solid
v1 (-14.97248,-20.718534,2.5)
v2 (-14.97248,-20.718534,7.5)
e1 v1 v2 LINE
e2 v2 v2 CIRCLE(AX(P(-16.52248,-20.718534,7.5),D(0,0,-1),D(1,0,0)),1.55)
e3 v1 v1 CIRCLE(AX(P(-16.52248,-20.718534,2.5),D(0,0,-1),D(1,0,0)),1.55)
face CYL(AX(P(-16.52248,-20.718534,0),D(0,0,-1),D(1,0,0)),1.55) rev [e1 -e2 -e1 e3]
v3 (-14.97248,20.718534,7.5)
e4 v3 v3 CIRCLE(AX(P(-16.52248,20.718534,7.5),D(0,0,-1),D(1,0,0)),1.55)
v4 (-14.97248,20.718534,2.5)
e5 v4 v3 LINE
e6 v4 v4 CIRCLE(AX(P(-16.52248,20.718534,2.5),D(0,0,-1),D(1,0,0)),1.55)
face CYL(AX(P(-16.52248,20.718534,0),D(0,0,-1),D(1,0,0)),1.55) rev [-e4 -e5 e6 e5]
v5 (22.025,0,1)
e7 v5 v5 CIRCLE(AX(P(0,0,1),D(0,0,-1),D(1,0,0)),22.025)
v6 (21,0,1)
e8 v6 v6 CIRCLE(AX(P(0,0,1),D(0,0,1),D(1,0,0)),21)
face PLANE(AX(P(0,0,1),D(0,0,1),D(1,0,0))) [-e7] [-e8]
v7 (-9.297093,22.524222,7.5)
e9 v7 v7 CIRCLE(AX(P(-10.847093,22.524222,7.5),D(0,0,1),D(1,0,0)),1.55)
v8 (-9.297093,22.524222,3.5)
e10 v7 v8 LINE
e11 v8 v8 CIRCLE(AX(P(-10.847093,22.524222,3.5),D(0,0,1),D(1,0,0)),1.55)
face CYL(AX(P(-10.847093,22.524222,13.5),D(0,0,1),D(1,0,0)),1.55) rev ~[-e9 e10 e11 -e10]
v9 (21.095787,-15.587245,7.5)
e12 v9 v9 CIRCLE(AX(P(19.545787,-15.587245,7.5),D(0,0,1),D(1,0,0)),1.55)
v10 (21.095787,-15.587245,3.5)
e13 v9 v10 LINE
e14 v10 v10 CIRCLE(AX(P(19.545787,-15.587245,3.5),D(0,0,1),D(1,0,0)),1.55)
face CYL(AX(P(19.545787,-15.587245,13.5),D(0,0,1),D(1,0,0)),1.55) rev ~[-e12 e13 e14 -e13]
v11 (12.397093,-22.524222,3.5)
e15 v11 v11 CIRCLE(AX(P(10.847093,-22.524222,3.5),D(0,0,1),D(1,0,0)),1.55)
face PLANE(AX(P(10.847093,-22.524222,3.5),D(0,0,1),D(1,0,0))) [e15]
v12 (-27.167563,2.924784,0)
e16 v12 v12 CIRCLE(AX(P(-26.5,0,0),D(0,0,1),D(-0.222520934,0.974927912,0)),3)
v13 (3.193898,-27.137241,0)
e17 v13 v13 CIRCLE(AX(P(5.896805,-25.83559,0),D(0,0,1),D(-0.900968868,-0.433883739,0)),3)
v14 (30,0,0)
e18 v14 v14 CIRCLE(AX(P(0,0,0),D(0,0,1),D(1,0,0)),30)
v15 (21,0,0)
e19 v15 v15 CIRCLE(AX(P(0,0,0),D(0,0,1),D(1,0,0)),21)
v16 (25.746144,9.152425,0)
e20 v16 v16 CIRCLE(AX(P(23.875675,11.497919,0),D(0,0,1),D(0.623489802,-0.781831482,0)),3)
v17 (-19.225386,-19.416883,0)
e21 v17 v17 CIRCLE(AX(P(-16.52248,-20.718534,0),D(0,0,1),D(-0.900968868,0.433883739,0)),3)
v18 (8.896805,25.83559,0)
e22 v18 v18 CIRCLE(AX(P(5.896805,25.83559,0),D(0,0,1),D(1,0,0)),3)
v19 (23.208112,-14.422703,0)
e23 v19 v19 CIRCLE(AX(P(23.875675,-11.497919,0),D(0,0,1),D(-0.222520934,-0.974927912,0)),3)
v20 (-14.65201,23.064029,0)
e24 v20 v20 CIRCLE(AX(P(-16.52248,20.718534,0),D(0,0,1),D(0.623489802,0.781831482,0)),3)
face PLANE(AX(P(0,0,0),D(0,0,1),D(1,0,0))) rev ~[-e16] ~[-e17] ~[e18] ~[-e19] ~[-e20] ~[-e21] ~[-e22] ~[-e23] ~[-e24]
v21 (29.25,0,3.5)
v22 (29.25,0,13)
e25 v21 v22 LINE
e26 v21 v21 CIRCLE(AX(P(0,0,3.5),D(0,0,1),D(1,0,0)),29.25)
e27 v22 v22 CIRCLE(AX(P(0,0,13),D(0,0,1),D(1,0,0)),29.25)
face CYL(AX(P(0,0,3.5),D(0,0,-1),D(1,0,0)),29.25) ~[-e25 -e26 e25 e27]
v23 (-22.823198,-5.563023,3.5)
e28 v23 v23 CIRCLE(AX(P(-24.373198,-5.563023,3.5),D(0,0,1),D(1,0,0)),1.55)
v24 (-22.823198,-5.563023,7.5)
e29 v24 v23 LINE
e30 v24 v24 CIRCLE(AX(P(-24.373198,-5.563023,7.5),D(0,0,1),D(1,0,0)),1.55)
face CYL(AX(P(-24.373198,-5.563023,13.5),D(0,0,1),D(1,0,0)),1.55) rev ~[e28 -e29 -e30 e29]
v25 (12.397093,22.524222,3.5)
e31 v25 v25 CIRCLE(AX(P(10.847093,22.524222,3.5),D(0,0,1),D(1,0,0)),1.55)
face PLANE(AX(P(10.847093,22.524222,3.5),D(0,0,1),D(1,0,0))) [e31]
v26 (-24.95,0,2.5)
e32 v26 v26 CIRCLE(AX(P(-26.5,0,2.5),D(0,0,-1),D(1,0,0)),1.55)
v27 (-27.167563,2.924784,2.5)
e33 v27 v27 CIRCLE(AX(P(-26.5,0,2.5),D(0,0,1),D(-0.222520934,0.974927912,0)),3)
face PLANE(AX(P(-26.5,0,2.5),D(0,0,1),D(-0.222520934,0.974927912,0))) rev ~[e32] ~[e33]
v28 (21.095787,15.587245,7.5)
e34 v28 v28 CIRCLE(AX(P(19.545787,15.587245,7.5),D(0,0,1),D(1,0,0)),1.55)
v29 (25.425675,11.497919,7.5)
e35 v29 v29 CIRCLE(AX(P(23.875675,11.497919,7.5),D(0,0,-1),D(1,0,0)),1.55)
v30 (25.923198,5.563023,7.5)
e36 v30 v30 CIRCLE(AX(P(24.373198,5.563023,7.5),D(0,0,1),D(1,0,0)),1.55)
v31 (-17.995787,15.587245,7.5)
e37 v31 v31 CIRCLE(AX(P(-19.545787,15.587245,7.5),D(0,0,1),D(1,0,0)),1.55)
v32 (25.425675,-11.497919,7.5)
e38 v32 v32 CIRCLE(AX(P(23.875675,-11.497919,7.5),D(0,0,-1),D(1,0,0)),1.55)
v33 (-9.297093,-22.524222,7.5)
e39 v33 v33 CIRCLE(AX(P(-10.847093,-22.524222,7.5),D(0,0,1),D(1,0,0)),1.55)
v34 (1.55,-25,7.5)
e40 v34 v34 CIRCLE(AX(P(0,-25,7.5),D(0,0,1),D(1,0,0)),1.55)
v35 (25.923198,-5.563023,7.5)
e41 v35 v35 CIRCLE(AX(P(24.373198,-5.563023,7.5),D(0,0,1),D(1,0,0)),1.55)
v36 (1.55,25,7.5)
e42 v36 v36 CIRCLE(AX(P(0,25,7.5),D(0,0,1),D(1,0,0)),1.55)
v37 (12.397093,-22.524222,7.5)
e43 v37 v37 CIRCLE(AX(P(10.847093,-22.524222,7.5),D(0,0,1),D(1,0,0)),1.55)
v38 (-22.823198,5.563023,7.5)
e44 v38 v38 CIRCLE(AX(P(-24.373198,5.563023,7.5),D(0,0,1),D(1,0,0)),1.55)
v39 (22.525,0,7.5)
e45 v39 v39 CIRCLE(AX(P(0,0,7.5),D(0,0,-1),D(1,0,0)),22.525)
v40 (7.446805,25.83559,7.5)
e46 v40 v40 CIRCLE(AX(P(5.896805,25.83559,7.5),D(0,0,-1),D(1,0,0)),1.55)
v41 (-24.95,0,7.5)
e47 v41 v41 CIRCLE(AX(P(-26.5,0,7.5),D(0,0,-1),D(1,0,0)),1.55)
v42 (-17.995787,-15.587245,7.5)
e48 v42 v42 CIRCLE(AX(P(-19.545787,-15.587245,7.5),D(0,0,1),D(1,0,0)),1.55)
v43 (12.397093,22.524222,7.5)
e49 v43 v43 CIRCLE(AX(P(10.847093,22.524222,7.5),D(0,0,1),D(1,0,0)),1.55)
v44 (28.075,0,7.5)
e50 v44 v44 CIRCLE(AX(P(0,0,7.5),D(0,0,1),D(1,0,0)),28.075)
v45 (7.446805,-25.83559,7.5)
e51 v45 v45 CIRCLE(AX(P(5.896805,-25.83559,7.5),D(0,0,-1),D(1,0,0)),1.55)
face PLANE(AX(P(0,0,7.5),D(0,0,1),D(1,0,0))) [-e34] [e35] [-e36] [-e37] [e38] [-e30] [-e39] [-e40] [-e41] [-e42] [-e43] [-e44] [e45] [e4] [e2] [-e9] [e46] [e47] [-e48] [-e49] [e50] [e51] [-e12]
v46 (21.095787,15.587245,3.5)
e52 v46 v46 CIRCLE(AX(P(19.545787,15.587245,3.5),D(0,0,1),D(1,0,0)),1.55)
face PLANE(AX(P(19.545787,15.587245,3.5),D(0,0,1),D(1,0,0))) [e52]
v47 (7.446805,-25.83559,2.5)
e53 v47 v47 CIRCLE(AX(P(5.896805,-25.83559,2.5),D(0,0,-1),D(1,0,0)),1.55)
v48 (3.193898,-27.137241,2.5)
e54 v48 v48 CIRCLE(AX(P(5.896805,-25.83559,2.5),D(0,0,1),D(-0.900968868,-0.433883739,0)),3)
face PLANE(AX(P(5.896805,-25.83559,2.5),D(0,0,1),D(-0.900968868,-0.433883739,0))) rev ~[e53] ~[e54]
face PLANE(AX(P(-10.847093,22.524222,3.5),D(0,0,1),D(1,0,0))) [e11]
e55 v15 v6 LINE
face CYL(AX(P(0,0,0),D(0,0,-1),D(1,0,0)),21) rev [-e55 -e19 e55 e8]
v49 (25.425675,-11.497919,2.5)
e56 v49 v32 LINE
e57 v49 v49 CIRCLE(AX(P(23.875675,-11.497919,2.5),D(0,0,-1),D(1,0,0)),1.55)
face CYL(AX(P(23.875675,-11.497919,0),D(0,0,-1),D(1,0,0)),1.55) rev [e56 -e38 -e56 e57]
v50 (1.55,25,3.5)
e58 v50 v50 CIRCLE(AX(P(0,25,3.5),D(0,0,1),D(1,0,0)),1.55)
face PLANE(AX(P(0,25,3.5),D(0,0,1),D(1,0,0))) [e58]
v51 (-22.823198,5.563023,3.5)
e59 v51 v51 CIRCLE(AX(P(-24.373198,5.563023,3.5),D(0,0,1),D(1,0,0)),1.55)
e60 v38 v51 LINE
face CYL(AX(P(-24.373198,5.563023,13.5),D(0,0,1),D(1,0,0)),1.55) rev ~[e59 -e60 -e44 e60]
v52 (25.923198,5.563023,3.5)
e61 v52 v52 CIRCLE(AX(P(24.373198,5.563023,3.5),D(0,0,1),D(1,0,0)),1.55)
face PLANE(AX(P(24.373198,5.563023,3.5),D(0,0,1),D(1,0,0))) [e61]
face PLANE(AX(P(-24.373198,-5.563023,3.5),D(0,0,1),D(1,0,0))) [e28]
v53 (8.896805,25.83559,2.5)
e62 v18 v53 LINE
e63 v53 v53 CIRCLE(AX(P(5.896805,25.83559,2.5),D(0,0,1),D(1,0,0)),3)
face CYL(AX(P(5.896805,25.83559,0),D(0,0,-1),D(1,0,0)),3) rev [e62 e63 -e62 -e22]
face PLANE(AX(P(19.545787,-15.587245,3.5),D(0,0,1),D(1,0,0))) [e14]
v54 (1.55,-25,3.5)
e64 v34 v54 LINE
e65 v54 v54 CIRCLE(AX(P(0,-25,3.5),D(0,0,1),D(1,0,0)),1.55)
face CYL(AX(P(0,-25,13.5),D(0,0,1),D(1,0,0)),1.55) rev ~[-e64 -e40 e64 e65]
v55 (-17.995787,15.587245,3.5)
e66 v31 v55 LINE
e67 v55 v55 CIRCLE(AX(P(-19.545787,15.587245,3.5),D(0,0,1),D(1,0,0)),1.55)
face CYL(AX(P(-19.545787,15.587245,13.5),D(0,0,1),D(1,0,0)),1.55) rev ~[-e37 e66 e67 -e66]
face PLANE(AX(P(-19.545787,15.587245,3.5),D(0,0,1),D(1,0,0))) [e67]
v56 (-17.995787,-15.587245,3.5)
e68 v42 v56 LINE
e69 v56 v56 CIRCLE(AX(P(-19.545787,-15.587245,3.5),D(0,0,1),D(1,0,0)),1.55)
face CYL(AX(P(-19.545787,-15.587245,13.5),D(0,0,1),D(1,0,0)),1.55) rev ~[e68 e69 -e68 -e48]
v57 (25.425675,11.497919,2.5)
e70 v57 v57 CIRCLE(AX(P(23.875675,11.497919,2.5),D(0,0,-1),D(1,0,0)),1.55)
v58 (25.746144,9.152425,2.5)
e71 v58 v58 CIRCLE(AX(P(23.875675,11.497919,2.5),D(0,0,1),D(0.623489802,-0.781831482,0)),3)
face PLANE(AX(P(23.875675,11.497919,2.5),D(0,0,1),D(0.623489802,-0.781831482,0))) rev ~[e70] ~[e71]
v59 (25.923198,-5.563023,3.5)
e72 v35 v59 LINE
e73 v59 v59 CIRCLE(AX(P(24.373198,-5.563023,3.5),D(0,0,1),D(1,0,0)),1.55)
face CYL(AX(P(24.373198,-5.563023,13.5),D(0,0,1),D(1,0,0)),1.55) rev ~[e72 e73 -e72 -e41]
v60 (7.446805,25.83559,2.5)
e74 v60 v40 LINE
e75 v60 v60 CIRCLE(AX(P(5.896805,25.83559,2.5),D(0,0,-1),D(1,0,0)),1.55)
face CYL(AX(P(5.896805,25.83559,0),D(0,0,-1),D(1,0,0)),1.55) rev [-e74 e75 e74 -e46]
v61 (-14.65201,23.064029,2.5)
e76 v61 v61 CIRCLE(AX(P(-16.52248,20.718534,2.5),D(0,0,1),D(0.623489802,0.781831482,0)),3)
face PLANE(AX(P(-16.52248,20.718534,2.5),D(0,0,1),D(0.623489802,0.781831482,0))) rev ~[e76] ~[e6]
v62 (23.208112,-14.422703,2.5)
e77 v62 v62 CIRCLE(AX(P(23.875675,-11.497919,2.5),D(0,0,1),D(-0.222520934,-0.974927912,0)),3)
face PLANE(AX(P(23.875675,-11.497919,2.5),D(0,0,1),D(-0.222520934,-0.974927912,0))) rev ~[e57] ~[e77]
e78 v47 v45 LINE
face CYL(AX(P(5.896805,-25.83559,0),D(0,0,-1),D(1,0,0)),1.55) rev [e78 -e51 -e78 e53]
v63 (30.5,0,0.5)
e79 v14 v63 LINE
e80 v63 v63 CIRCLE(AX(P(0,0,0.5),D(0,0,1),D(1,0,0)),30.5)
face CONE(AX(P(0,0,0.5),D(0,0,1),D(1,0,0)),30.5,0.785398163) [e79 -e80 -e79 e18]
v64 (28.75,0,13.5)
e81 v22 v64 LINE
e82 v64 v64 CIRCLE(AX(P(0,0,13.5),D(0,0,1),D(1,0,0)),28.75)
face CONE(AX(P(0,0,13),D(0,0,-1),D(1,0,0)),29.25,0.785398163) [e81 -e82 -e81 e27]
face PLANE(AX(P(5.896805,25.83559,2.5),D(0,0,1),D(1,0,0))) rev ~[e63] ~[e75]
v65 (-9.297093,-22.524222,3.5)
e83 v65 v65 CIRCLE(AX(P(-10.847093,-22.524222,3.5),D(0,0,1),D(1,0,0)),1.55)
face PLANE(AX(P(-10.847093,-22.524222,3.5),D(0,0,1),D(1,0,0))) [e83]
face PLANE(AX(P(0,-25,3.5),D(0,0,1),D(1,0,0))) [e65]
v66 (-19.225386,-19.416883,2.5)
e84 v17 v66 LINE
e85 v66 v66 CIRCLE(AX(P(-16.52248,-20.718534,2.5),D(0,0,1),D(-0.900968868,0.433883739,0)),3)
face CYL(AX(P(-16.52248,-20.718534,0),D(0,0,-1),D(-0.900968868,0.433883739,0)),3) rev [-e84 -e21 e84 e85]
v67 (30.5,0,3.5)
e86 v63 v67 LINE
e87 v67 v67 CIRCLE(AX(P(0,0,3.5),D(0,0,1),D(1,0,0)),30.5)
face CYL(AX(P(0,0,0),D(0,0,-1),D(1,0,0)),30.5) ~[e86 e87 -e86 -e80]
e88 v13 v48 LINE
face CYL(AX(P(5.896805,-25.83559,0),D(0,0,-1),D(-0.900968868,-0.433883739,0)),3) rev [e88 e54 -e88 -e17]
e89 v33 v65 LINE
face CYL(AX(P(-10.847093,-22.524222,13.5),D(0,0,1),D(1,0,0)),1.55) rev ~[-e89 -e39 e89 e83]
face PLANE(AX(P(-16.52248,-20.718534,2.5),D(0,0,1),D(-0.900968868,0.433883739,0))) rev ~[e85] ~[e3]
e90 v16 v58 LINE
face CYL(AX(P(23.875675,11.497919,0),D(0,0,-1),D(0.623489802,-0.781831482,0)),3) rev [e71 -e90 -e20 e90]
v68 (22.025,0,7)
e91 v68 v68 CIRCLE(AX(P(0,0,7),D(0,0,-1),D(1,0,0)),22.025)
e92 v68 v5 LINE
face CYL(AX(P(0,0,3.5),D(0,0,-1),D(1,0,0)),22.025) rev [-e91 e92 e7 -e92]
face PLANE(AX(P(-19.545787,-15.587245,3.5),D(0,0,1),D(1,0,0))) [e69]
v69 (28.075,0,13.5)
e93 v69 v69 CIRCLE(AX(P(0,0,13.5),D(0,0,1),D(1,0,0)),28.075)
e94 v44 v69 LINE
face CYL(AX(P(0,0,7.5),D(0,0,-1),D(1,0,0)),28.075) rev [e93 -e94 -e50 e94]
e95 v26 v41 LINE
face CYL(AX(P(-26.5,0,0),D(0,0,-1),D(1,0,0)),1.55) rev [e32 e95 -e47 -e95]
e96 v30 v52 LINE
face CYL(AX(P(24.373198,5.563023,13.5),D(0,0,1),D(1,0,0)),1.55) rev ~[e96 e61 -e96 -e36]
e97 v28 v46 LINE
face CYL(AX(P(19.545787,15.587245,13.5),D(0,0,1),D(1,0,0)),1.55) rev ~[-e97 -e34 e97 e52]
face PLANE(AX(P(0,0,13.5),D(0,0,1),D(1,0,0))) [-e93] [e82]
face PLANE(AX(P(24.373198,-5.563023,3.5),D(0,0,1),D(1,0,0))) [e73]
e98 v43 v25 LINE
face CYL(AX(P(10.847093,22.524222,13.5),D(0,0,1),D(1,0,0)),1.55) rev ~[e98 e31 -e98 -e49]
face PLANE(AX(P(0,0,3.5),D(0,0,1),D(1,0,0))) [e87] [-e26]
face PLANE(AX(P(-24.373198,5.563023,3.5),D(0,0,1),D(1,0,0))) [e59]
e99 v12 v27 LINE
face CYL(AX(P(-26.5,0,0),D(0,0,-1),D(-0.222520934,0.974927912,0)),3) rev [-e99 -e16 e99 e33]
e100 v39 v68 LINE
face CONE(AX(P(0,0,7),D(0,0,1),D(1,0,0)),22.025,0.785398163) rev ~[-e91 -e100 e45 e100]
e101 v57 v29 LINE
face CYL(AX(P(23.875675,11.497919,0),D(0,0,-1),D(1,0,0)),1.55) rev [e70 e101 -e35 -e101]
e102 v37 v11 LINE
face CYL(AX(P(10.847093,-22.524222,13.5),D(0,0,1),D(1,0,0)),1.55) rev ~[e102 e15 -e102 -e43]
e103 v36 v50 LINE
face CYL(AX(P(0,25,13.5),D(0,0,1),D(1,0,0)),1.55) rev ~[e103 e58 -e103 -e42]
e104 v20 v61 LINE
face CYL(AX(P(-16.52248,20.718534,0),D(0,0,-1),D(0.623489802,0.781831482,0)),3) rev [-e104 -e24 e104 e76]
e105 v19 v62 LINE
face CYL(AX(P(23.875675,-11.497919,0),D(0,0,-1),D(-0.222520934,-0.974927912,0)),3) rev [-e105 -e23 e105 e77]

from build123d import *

# Parameters (mm, degrees)
SKETCH1_R           = 30.5
SKETCH1_R_2         = 22.025
BOSS_EXTRUDE1_DEPTH = 3.5
LAPVSROTOR_START    = 3.5
SKETCH1_8_R         = 29.25
SKETCH1_8_R_2       = 22.025
LAPVSROTOR_DEPTH    = 10
CUT_EXTRUDE1_START  = 13.5
SKETCH1_9_R         = 1.55
CUT_EXTRUDE1_DEPTH  = 10
SKETCH2_R           = 22.05
SKETCH2_R_2         = 21
BOSS_EXTRUDE3_DEPTH = 1
SKETCH3_R           = 1.55
CUT_EXTRUDE2_DEPTH  = 46.196791922
CUT_EXTRUDE3_START  = 7.5
SKETCH4_R           = 28.075
SKETCH4_R_2         = 21
CUT_EXTRUDE3_DEPTH  = 6
SKETCH5_R           = 3
CUT_EXTRUDE4_DEPTH  = 2.5
CHAMFER1_SIZE       = 0.5
CIRPATTERN1_COUNT   = 7


with BuildPart() as part:
    # Sketch1 → Boss-Extrude1 (new body)
    with BuildSketch(Plane.XY):
        Circle(SKETCH1_R)
        Circle(SKETCH1_R_2, mode=Mode.SUBTRACT)
    extrude(amount=BOSS_EXTRUDE1_DEPTH)

    # Sketch1<8> → lapvsrotor (add)
    with BuildSketch(Plane.XY.offset(LAPVSROTOR_START)):
        Circle(SKETCH1_8_R)
        Circle(SKETCH1_8_R_2, mode=Mode.SUBTRACT)
    extrude(amount=LAPVSROTOR_DEPTH)

    # Sketch1<9> → Cut-Extrude1 (cut)
    with BuildSketch(Plane.XY.offset(CUT_EXTRUDE1_START)):
        with Locations((0, 25)):
            Circle(SKETCH1_9_R)
        with Locations((10.847093478, 22.524221698)):
            Circle(SKETCH1_9_R)
        with Locations((19.545787062, 15.587245046)):
            Circle(SKETCH1_9_R)
        with Locations((24.373197805, 5.563023349)):
            Circle(SKETCH1_9_R)
        with Locations((24.373197805, -5.563023349)):
            Circle(SKETCH1_9_R)
        with Locations((19.545787062, -15.587245046)):
            Circle(SKETCH1_9_R)
        with Locations((10.847093478, -22.524221698)):
            Circle(SKETCH1_9_R)
        with Locations((0, -25)):
            Circle(SKETCH1_9_R)
        with Locations((-10.847093478, -22.524221698)):
            Circle(SKETCH1_9_R)
        with Locations((-19.545787062, -15.587245046)):
            Circle(SKETCH1_9_R)
        with Locations((-24.373197805, -5.563023349)):
            Circle(SKETCH1_9_R)
        with Locations((-24.373197805, 5.563023349)):
            Circle(SKETCH1_9_R)
        with Locations((-19.545787062, 15.587245046)):
            Circle(SKETCH1_9_R)
        with Locations((-10.847093478, 22.524221698)):
            Circle(SKETCH1_9_R)
    extrude(amount=-CUT_EXTRUDE1_DEPTH, mode=Mode.SUBTRACT)

    # Sketch2 → Boss-Extrude3 (add)
    with BuildSketch(Plane.XY):
        Circle(SKETCH2_R)
        Circle(SKETCH2_R_2, mode=Mode.SUBTRACT)
    extrude(amount=BOSS_EXTRUDE3_DEPTH)

    # Sketch3 → Cut-Extrude2 (cut, through all)
    with BuildSketch(Plane.XY):
        with Locations((5.89680475, 25.835589673)):
            Circle(SKETCH3_R)
        with Locations((23.875674999, 11.497919087)):
            Circle(SKETCH3_R)
        with Locations((23.875674999, -11.497919087)):
            Circle(SKETCH3_R)
        with Locations((5.89680475, -25.835589673)):
            Circle(SKETCH3_R)
        with Locations((-16.522479749, -20.718534285)):
            Circle(SKETCH3_R)
        with Locations((-26.5, 0)):
            Circle(SKETCH3_R)
        with Locations((-16.522479749, 20.718534285)):
            Circle(SKETCH3_R)
    extrude(amount=CUT_EXTRUDE2_DEPTH, mode=Mode.SUBTRACT)

    # Sketch4 → Cut-Extrude3 (cut)
    with BuildSketch(Plane.XY.offset(CUT_EXTRUDE3_START)):
        Circle(SKETCH4_R)
        Circle(SKETCH4_R_2, mode=Mode.SUBTRACT)
    extrude(amount=CUT_EXTRUDE3_DEPTH, mode=Mode.SUBTRACT)

    # Sketch5 → Cut-Extrude4 (cut)
    with BuildSketch(Plane.XY):
        with Locations((5.89680475, 25.835589673)):
            Circle(SKETCH5_R)
    cut_extrude4 = extrude(amount=CUT_EXTRUDE4_DEPTH, mode=Mode.SUBTRACT)

    # Chamfer1
    chamfer1_edges = [part.edges().sort_by_distance(p)[0] for p in [
        (-22.025, 0, 7.5),
        (-30.5, 0, 0),
        (-29.25, 0, 13.5),
    ]]
    chamfer(chamfer1_edges, length=CHAMFER1_SIZE)

    # CirPattern1: Cut-Extrude4 ×7 about axis
    cirpattern1_axis = Axis((0, 0, 0), (0, 0, 1))
    for i in range(1, CIRPATTERN1_COUNT):
        add(cut_extrude4.rotate(cirpattern1_axis, i * 360 / CIRPATTERN1_COUNT), mode=Mode.SUBTRACT)


solid = part.part
